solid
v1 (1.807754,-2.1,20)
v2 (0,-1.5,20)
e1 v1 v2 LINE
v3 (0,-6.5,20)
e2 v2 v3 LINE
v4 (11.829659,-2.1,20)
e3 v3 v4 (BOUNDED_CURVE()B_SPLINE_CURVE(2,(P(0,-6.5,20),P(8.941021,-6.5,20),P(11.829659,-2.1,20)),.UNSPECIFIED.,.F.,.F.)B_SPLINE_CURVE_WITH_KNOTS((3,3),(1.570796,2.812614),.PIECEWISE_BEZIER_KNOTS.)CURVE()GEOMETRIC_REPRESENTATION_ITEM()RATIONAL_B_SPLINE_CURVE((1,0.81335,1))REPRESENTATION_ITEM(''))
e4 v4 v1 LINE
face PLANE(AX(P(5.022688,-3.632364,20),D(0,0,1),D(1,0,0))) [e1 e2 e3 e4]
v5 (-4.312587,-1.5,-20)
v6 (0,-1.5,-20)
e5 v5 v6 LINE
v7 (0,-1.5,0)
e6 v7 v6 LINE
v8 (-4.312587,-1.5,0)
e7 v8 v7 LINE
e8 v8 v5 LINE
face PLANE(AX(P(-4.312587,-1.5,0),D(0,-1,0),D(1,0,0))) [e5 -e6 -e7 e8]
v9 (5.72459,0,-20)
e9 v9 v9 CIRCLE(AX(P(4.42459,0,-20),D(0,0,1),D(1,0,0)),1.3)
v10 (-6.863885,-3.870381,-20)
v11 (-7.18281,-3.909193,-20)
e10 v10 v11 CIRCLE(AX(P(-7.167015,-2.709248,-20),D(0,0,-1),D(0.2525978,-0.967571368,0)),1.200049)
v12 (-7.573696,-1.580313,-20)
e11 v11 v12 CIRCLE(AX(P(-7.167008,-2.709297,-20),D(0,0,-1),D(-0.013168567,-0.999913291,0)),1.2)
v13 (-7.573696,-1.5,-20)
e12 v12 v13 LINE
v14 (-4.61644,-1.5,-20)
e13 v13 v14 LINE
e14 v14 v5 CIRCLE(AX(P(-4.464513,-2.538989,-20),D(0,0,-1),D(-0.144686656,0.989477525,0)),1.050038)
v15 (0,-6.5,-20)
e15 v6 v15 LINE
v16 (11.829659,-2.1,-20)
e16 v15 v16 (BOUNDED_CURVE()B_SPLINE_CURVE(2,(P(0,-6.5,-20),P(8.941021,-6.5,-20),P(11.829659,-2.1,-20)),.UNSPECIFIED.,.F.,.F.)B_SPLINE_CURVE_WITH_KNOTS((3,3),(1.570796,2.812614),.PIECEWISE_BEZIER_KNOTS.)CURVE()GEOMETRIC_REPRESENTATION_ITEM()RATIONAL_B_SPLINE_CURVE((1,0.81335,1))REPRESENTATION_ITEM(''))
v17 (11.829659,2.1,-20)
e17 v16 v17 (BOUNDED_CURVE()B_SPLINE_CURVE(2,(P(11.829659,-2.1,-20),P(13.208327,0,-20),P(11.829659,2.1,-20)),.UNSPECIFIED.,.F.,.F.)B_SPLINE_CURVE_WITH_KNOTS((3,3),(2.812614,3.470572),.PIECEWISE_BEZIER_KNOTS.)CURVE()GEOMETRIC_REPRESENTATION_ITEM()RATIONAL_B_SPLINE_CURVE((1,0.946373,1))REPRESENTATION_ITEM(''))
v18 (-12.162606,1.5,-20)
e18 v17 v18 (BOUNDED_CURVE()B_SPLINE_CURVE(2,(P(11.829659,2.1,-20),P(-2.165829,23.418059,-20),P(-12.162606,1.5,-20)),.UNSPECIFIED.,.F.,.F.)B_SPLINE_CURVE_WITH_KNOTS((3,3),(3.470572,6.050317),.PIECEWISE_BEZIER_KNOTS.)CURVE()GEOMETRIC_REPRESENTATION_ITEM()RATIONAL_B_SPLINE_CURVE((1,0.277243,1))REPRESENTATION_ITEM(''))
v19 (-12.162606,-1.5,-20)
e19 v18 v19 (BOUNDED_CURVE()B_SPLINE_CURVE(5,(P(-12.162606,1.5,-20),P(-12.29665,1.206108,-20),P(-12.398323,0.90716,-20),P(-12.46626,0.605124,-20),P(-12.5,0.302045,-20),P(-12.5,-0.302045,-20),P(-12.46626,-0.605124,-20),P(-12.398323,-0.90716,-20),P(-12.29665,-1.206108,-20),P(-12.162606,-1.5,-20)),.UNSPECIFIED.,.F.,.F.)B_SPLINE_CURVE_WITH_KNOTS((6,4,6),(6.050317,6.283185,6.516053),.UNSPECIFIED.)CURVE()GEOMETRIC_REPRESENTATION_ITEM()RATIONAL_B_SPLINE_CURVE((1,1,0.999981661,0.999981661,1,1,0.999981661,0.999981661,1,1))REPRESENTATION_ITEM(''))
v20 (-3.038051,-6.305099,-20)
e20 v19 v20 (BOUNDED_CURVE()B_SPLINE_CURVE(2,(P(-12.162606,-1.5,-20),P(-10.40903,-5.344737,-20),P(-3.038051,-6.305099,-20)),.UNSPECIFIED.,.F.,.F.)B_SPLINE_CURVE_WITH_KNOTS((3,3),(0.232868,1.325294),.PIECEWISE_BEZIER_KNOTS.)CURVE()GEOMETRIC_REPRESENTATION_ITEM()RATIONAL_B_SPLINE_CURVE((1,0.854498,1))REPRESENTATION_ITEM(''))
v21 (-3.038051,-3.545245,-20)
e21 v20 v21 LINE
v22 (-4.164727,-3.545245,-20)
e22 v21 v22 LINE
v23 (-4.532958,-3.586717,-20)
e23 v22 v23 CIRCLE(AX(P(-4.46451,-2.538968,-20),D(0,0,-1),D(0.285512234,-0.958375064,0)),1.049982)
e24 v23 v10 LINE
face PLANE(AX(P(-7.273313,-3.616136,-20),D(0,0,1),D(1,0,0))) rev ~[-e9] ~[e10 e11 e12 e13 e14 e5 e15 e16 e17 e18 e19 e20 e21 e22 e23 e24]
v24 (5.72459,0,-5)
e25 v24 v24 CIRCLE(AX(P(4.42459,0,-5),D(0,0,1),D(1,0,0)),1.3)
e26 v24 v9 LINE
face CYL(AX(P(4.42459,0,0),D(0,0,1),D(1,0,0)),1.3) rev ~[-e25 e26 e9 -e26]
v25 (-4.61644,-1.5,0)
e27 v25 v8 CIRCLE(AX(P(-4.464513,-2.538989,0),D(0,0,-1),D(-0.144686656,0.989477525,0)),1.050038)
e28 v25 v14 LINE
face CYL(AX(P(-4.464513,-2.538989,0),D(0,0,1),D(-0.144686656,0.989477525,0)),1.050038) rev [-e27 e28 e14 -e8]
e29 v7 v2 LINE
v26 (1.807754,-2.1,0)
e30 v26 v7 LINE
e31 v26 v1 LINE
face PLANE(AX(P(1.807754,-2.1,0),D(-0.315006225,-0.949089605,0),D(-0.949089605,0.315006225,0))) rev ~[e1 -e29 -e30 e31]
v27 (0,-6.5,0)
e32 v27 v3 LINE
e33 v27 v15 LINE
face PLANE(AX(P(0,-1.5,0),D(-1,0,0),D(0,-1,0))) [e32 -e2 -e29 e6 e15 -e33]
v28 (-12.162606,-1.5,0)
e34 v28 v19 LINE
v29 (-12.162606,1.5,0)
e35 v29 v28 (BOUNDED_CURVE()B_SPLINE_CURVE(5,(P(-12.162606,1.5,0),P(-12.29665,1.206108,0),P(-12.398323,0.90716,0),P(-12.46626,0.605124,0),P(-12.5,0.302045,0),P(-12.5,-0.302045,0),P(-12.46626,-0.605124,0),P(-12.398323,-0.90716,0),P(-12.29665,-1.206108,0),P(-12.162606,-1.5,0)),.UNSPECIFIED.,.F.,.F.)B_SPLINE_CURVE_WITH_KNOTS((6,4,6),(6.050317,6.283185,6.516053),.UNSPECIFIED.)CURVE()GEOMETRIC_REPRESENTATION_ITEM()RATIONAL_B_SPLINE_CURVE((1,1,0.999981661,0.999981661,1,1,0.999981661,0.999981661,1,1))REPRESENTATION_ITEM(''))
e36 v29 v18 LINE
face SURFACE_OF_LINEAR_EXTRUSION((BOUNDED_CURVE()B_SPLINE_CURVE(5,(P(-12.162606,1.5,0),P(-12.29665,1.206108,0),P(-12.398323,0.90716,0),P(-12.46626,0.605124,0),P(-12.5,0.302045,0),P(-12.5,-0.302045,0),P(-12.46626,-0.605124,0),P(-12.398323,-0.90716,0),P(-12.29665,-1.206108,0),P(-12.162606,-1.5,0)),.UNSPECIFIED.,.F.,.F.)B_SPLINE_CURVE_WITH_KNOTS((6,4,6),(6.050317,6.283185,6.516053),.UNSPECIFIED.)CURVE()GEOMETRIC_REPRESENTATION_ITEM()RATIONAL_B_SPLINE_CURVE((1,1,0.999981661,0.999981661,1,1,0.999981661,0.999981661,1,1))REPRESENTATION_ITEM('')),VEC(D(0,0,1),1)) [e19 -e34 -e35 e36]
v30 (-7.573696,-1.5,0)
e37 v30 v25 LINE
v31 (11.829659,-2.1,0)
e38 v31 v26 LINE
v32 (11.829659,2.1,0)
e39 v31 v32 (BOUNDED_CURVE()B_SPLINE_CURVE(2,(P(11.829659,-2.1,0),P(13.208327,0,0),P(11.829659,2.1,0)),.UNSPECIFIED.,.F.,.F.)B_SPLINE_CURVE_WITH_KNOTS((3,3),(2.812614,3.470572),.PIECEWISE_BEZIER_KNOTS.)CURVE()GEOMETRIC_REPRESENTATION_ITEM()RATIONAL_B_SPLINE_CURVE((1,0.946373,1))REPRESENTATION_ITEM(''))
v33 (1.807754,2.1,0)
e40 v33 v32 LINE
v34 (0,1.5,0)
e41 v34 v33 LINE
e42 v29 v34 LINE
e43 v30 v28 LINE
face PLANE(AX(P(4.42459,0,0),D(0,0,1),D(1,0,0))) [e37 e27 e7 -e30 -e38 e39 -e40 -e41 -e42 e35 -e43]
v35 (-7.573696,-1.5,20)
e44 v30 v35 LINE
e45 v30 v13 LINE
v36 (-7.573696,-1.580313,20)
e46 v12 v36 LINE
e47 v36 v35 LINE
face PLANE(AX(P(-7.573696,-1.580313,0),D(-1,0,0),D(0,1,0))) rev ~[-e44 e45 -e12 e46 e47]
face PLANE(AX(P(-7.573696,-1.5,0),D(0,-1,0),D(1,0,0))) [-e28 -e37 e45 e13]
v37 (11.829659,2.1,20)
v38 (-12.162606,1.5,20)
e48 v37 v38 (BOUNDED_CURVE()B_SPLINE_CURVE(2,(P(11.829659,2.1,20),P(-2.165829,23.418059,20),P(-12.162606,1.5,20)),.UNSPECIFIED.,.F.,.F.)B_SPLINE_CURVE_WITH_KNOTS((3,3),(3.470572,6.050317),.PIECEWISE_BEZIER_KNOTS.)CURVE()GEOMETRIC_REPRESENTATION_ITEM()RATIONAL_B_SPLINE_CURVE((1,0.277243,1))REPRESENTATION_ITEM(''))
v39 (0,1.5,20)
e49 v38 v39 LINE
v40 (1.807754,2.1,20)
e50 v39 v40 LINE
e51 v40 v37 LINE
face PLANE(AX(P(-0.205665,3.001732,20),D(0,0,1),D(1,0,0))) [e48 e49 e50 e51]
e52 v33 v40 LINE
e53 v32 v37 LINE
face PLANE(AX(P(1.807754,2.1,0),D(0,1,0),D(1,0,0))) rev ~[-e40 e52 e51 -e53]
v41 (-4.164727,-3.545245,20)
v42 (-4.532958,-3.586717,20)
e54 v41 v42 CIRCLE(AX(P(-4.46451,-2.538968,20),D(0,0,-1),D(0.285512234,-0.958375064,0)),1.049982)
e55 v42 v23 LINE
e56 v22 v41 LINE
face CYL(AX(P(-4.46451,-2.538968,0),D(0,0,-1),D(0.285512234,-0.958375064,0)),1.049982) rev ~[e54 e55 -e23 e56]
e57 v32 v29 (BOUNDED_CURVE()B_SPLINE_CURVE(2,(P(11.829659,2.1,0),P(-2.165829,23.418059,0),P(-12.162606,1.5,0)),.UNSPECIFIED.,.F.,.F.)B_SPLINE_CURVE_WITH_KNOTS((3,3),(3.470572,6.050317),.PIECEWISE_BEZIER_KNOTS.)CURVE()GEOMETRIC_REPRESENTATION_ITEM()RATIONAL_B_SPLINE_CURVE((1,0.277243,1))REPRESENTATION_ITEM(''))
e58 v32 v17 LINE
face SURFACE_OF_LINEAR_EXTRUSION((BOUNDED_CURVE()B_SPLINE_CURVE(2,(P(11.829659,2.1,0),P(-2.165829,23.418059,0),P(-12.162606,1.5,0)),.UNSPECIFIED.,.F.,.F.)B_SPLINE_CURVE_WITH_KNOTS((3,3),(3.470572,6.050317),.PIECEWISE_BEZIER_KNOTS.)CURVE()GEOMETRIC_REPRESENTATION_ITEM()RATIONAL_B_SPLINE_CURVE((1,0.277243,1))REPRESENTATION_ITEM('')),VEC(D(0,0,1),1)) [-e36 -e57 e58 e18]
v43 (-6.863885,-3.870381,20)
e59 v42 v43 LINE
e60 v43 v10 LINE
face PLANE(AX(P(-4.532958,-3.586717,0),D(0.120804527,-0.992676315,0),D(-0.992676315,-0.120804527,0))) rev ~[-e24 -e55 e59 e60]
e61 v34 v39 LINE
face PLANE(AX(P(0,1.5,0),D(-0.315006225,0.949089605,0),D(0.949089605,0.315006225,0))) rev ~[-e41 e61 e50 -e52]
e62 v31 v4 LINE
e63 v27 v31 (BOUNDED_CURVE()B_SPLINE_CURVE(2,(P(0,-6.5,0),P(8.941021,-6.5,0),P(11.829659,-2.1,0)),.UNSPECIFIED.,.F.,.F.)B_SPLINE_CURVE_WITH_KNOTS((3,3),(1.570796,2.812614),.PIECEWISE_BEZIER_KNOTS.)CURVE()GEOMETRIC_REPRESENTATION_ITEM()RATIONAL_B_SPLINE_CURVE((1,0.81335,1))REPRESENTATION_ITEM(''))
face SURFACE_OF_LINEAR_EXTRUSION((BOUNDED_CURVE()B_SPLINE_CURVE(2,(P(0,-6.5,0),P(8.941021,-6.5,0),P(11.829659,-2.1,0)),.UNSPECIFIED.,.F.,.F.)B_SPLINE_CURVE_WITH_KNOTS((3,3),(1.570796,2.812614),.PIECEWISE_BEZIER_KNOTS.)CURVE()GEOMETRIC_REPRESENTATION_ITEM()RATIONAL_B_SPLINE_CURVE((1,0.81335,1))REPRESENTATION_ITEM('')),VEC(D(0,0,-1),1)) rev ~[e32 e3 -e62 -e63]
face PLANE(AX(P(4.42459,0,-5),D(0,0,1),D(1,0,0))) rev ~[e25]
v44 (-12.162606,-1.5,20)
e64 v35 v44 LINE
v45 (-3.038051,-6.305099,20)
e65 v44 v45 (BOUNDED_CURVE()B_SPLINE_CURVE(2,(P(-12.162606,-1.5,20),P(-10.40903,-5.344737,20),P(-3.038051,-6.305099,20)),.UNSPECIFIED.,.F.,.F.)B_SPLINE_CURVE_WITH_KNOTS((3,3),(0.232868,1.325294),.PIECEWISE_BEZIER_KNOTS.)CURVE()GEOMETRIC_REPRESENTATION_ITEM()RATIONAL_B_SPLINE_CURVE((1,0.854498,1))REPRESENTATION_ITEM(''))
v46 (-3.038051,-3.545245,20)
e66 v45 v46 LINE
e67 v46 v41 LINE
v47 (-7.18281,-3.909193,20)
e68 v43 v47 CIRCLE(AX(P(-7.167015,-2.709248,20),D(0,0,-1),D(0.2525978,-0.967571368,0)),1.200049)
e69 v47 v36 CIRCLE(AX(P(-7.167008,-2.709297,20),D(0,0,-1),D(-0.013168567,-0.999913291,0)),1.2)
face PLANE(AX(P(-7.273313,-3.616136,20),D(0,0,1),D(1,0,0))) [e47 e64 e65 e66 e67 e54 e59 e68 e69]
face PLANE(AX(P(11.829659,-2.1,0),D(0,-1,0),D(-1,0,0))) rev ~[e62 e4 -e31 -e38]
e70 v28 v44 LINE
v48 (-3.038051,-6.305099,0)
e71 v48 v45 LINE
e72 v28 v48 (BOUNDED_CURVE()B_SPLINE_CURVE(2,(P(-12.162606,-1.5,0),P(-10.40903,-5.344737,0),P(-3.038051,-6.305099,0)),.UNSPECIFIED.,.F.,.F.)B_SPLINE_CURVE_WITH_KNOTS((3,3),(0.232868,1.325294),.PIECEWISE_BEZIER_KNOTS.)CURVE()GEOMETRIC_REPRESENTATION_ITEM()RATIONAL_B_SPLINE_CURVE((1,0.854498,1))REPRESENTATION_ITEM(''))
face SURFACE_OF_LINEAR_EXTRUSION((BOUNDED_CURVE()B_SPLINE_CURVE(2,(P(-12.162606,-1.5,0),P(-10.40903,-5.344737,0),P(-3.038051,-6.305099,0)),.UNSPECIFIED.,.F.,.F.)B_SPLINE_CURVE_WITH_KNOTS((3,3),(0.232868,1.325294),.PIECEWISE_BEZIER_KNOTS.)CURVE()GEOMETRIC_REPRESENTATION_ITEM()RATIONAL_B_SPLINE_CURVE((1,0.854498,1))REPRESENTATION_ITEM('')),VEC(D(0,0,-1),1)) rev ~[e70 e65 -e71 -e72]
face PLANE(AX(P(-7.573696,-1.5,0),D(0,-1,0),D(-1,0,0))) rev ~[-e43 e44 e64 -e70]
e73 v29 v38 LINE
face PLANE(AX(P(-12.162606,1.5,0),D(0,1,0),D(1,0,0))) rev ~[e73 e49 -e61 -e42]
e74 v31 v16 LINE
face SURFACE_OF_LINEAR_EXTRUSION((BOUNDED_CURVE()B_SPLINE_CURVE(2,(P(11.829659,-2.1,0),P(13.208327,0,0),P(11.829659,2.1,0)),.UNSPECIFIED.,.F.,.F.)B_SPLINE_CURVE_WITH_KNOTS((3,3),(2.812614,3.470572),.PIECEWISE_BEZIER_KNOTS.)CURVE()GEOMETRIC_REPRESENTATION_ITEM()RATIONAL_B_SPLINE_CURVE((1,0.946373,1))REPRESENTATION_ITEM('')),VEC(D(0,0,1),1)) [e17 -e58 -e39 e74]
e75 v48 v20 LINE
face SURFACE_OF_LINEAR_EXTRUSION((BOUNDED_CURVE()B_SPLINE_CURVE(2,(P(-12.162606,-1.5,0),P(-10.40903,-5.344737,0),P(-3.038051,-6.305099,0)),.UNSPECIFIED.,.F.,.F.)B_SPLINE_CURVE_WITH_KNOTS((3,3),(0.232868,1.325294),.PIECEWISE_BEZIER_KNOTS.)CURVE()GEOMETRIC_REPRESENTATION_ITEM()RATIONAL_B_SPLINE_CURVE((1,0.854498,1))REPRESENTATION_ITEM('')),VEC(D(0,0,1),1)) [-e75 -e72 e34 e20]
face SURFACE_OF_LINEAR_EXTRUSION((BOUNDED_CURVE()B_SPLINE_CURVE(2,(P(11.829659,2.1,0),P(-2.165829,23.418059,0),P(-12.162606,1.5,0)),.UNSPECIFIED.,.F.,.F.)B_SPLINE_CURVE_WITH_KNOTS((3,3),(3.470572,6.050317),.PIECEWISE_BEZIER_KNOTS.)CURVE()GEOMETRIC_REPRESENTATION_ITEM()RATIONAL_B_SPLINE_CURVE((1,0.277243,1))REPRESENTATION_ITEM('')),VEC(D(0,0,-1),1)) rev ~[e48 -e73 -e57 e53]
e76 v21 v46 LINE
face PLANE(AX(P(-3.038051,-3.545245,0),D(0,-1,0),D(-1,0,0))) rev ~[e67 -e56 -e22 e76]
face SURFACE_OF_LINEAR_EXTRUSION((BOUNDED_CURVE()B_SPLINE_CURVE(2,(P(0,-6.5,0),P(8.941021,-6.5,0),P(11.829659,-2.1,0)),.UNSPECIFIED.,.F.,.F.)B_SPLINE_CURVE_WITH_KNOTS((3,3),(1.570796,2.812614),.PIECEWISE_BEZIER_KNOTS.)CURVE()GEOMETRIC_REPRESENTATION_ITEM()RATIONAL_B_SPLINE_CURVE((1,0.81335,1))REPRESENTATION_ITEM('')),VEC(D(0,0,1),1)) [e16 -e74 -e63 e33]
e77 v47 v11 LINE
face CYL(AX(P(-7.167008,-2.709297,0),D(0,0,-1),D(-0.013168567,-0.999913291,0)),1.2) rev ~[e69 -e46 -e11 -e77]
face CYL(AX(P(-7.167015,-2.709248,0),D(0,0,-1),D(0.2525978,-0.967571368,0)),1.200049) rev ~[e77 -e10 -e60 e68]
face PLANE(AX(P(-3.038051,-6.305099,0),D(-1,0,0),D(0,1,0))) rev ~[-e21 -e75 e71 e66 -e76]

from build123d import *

# Parameters (mm, degrees)
F0_R     = 1.3
F1_DEPTH = 20
F2_DEPTH = 20
F3_DEPTH = 5


with BuildPart() as f1:
    # F0 (on Top) → F1 (new body)
    with BuildSketch(Plane.XY):
        with BuildLine():
            ThreePointArc((-7.18281, -3.909193), (-8.350454, -2.90793), (-7.573696, -1.580313))
            Line((-7.573696, -1.580313), (-7.573696, -1.5))
            Line((-7.573696, -1.5), (-12.162606, -1.5))
            add(Edge.make_bspline(
                [(-12.162606, -1.5), (-10.40903, -5.344737), (-3.038051, -6.305099)],
                knots=[0.232868, 0.232868, 0.232868, 1.325294, 1.325294, 1.325294], degree=2, weights=[1, 0.854498, 1]))
            Line((-3.038051, -6.305099), (-3.038051, -4.353841))
            Line((-3.038051, -4.353841), (-3.038051, -3.545245))
            Line((-3.038051, -3.545245), (-4.164727, -3.545245))
            ThreePointArc((-4.164727, -3.545245), (-4.346999, -3.582354), (-4.532958, -3.586717))
            Line((-4.532958, -3.586717), (-6.863885, -3.870381))
            ThreePointArc((-6.863885, -3.870381), (-7.022042, -3.900508), (-7.18281, -3.909193))
        make_face()
        with BuildLine():
            Line((-12.162606, -1.5), (-7.573696, -1.5))
            Line((-7.573696, -1.5), (-4.61644, -1.5))
            ThreePointArc((-4.61644, -1.5), (-4.464514, -1.488951), (-4.312587, -1.5))
            Line((-4.312587, -1.5), (0, -1.5))
            Line((0, -1.5), (1.807754, -2.1))
            Line((1.807754, -2.1), (11.829659, -2.1))
            add(Edge.make_bspline(
                [(11.829659, -2.1), (13.208327, 0), (11.829659, 2.1)],
                knots=[2.812614, 2.812614, 2.812614, 3.470572, 3.470572, 3.470572], degree=2, weights=[1, 0.946373, 1]))
            Line((11.829659, 2.1), (1.807754, 2.1))
            Line((1.807754, 2.1), (0, 1.5))
            Line((0, 1.5), (-12.162606, 1.5))
            add(Edge.make_bspline(
                [(-12.162606, 1.5), (-12.5, 0.76026), (-12.5, 0)],
                knots=[6.050317, 6.050317, 6.050317, 6.283185, 6.283185, 6.283185], degree=2, weights=[1, 0.993229, 1]))
            add(Edge.make_bspline(
                [(-12.5, 0), (-12.5, -0.76026), (-12.162606, -1.5)],
                knots=[0, 0, 0, 0.232868, 0.232868, 0.232868], degree=2, weights=[1, 0.993229, 1]))
        make_face()
        with Locations((4.42459, 0)):
            Circle(F0_R, mode=Mode.SUBTRACT)
        with BuildLine():
            add(Edge.make_bspline(
                [(11.829659, 2.1), (-2.165829, 23.418059), (-12.162606, 1.5)],
                knots=[3.470572, 3.470572, 3.470572, 6.050317, 6.050317, 6.050317], degree=2, weights=[1, 0.277243, 1]))
            Line((-12.162606, 1.5), (0, 1.5))
            Line((0, 1.5), (1.807754, 2.1))
            Line((1.807754, 2.1), (11.829659, 2.1))
        make_face()
        with BuildLine():
            Line((0, -1.5), (0, -6.5))
            add(Edge.make_bspline(
                [(0, -6.5), (8.941021, -6.5), (11.829659, -2.1)],
                knots=[1.570796, 1.570796, 1.570796, 2.812614, 2.812614, 2.812614], degree=2, weights=[1, 0.81335, 1]))
            Line((11.829659, -2.1), (1.807754, -2.1))
            Line((1.807754, -2.1), (0, -1.5))
        make_face()
    extrude(amount=-F1_DEPTH)

    # F0 (on Top) → F2 (join)
    with BuildSketch(Plane.XY):
        with BuildLine():
            ThreePointArc((-7.18281, -3.909193), (-8.350454, -2.90793), (-7.573696, -1.580313))
            Line((-7.573696, -1.580313), (-7.573696, -1.5))
            Line((-7.573696, -1.5), (-12.162606, -1.5))
            add(Edge.make_bspline(
                [(-12.162606, -1.5), (-10.40903, -5.344737), (-3.038051, -6.305099)],
                knots=[0.232868, 0.232868, 0.232868, 1.325294, 1.325294, 1.325294], degree=2, weights=[1, 0.854498, 1]))
            Line((-3.038051, -6.305099), (-3.038051, -4.353841))
            Line((-3.038051, -4.353841), (-3.038051, -3.545245))
            Line((-3.038051, -3.545245), (-4.164727, -3.545245))
            ThreePointArc((-4.164727, -3.545245), (-4.346999, -3.582354), (-4.532958, -3.586717))
            Line((-4.532958, -3.586717), (-6.863885, -3.870381))
            ThreePointArc((-6.863885, -3.870381), (-7.022042, -3.900508), (-7.18281, -3.909193))
        make_face()
        with BuildLine():
            add(Edge.make_bspline(
                [(11.829659, 2.1), (-2.165829, 23.418059), (-12.162606, 1.5)],
                knots=[3.470572, 3.470572, 3.470572, 6.050317, 6.050317, 6.050317], degree=2, weights=[1, 0.277243, 1]))
            Line((-12.162606, 1.5), (0, 1.5))
            Line((0, 1.5), (1.807754, 2.1))
            Line((1.807754, 2.1), (11.829659, 2.1))
        make_face()
        with BuildLine():
            Line((0, -1.5), (0, -6.5))
            add(Edge.make_bspline(
                [(0, -6.5), (8.941021, -6.5), (11.829659, -2.1)],
                knots=[1.570796, 1.570796, 1.570796, 2.812614, 2.812614, 2.812614], degree=2, weights=[1, 0.81335, 1]))
            Line((11.829659, -2.1), (1.807754, -2.1))
            Line((1.807754, -2.1), (0, -1.5))
        make_face()
    extrude(amount=F2_DEPTH)

    # F0 (on Top) → F3 (join)
    with BuildSketch(Plane.XY):
        with Locations((4.42459, 0)):
            Circle(F0_R)
    extrude(amount=-F3_DEPTH)


solid = f1.part
